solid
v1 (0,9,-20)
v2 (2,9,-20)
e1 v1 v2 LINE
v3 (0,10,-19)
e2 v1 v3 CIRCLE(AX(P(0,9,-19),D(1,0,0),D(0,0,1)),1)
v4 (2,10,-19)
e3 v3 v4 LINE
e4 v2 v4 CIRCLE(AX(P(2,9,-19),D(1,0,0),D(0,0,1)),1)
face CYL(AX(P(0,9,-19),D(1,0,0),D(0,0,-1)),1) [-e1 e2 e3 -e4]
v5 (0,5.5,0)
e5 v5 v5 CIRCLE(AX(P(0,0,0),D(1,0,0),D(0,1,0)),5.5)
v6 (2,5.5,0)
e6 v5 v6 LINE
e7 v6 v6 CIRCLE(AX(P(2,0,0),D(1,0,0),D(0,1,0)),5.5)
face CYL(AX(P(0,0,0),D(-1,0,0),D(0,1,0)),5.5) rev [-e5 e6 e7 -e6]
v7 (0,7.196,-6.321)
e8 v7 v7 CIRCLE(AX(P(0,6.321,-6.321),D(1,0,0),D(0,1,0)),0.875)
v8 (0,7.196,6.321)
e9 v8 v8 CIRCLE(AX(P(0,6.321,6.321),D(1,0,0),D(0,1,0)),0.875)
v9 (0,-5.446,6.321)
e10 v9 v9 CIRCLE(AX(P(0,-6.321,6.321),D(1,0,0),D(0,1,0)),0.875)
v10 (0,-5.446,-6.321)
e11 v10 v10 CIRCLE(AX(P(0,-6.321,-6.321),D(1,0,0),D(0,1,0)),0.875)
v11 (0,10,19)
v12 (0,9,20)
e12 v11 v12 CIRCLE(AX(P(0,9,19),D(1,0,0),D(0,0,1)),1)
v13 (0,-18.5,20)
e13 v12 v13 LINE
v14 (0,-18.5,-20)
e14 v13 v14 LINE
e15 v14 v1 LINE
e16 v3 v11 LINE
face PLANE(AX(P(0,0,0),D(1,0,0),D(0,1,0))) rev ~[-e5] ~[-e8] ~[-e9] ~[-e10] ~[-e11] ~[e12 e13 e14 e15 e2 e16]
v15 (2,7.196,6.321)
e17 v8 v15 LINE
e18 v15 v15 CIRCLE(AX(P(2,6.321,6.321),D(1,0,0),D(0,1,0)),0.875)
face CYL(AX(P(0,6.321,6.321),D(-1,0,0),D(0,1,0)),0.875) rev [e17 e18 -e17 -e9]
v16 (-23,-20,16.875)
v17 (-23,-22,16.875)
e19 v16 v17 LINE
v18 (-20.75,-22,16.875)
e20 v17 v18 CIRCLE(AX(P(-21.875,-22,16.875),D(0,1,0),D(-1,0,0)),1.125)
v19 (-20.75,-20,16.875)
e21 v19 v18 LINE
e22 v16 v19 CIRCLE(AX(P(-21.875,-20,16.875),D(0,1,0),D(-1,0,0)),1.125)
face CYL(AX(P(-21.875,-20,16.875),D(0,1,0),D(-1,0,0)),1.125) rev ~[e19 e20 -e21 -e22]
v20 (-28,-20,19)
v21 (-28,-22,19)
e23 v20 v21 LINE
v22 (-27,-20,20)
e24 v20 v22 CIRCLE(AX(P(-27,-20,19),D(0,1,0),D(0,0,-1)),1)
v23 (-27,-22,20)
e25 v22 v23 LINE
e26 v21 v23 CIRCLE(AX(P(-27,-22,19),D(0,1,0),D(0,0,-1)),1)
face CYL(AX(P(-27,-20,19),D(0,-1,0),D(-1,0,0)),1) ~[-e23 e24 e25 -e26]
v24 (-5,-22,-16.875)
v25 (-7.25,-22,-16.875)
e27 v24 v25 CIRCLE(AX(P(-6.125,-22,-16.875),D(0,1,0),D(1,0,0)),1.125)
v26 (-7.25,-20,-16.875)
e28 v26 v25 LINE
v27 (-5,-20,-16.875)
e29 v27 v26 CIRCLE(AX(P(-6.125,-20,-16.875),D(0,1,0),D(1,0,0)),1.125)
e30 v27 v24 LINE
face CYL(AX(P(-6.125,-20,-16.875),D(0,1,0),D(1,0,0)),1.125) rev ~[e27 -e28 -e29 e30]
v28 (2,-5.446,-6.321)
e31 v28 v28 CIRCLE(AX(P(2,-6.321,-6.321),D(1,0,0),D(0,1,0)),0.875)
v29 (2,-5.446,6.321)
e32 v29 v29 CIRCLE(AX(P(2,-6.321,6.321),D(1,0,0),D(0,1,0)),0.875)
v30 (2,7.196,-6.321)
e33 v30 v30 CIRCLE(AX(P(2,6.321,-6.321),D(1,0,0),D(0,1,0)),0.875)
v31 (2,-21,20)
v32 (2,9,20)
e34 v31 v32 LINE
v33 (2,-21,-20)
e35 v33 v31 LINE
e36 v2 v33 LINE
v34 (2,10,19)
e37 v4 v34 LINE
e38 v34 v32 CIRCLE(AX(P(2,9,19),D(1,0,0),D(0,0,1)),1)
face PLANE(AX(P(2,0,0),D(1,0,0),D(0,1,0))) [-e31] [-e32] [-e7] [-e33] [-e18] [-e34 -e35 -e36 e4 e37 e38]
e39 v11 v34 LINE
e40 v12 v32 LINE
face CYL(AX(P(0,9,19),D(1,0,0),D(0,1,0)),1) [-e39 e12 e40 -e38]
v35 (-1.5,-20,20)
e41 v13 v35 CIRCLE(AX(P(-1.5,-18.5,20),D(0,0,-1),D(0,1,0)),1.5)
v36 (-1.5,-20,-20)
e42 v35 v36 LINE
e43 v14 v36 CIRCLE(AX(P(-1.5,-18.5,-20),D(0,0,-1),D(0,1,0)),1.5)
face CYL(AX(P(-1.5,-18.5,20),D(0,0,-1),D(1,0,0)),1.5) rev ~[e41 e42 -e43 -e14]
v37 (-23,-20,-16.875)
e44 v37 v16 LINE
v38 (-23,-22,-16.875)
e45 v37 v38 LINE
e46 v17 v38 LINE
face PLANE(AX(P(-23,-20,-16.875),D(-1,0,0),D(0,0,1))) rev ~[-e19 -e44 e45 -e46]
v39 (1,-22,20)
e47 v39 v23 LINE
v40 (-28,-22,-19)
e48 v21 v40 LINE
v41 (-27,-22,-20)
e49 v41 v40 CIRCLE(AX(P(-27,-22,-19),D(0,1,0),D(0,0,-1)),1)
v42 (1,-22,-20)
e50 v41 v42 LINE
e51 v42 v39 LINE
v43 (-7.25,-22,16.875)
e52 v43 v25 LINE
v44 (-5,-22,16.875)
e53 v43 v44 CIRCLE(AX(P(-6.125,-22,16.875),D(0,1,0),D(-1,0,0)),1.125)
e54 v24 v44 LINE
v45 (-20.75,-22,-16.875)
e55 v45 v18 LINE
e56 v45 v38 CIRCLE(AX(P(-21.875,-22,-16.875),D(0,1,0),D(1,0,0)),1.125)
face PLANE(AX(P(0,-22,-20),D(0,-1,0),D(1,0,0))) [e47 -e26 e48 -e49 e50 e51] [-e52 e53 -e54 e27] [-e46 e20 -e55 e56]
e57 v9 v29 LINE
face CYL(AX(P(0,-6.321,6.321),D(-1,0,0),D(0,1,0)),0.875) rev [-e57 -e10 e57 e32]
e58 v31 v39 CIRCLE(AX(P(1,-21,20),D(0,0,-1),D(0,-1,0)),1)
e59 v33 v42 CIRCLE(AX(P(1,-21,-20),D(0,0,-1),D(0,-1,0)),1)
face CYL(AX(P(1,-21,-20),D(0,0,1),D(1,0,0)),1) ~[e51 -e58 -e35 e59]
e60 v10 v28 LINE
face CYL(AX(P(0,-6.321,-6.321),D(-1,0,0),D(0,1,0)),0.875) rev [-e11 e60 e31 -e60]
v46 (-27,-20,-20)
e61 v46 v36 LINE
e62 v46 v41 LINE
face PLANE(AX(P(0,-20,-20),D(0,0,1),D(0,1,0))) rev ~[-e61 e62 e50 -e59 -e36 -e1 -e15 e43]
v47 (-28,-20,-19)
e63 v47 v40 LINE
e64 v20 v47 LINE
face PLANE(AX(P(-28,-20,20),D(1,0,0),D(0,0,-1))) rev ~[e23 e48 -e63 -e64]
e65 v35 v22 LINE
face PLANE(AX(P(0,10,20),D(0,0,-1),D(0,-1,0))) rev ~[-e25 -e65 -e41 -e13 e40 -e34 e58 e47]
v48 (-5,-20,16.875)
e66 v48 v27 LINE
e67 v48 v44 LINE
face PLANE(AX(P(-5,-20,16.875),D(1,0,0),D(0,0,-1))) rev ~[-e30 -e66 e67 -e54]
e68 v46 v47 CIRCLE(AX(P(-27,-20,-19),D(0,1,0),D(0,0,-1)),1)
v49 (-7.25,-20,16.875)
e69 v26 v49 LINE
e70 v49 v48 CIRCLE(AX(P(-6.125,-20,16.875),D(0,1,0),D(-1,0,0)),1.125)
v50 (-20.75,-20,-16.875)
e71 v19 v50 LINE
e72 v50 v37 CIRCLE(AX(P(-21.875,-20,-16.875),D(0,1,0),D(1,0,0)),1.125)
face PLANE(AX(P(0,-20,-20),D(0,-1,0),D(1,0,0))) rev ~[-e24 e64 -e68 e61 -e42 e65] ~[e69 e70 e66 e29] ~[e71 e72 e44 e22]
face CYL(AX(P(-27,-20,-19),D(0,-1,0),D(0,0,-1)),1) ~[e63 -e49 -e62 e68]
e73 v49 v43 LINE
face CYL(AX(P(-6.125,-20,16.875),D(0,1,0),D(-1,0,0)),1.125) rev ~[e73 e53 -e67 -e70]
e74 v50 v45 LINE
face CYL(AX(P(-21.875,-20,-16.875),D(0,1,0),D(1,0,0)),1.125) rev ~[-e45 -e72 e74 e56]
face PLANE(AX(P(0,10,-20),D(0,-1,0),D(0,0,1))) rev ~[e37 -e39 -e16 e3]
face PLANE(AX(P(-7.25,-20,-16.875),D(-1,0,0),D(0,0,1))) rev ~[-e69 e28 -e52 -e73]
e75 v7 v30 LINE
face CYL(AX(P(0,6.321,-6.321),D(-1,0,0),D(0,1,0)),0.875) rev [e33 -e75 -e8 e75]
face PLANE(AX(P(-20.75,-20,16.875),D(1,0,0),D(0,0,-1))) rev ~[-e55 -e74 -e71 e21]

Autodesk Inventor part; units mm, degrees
ref_plane "YZ Plane" through (0, 0, 0) normal (1, 0, 0) x (0, 1, 0)
ref_plane "XZ Plane" through (0, 0, 0) normal (0, 1, 0) x (-1, 0, 0)
ref_plane "XY Plane" through (0, 0, 0) normal (0, 0, 1) x (1, 0, 0)
sketch "Boceto1" plane through (0, 0, 0) normal (1, 0, 0) x (0, 1, 0)
  line L0 (-6.321, 6.321) -> (6.321, 6.321) construction
  line L1 (6.321, 6.321) -> (6.321, -6.321) construction
  line L2 (6.321, -6.321) -> (-6.321, -6.321) construction
  line L3 (-6.321, -6.321) -> (-6.321, 6.321) construction
  line L4 (-6.321, 6.321) -> (6.321, -6.321) construction
  line L5 (6.321, 6.321) -> (-6.321, -6.321) construction
  circle A0 centre (6.321, -6.321) radius 0.875
  line L6 (0, 0) -> (7.9878, 0) construction
  circle A1 centre (6.321, 6.321) radius 0.875
  line L7 (0, 0) -> (0, -13.4562) construction
  circle A2 centre (-6.321, -6.321) radius 0.875
  circle A3 centre (-6.321, 6.321) radius 0.875
  circle A4 centre (0, 0) radius 5.5
  line L8 (10, 20) -> (-20, 20)
  line L9 (-20, 20) -> (-20, -20)
  line L10 (-20, -20) -> (10, -20)
  line L11 (10, -20) -> (10, 20)
  dimension "d0" = 12.642
  dimension "d1" = 12.642
  dimension "d2" = 1.75
  dimension "d3" = 11
  dimension "d4" = 30
  dimension "d6" = 20
  dimension "d7" = 10
  dimension "d26" = 20
extrude "Extrusión1" add sketch "Boceto1" along normal blind 2
sketch "Boceto2" plane through (0, -20, -20) normal (0, -1, 0) x (1, 0, 0)
  line L0 (2, 0) -> (2, 40) projected
  line L1 (2, 40) -> (-28, 40)
  line L2 (-28, 40) -> (-28, 0)
  line L3 (-28, 0) -> (2, 0)
  line L4 (2, 0) -> (2, 40)
  point P0 (0, 20)
  point P1 (2, 0)
  dimension "d10" = 30
  dimension "d11" = 40
extrude "Extrusión2" add sketch "Boceto2" along normal blind 2
sketch "Boceto3" plane through (0, -20, -20) normal (0, 1, 0) x (1, 0, 0)
  line L0 (0, -40) -> (0, 0) projected
  line L1 (-28, 0) -> (0, 0) projected
  line L2 (-28, -40) -> (-28, 0) projected
  line L3 (0, -40) -> (-28, -40) projected
  line L4 (-6.125, -3.125) -> (-6.125, -36.875) construction
  line L5 (-7.25, -3.125) -> (-7.25, -36.875)
  line L6 (-5, -36.875) -> (-5, -3.125)
  arc A0 (-5, -3.125) -> (-7.25, -3.125) centre (-6.125, -3.125) ccw
  arc A1 (-7.25, -36.875) -> (-5, -36.875) centre (-6.125, -36.875) ccw
  line L7 (-21.875, -3.125) -> (-21.875, -36.875) construction
  line L8 (-23, -3.125) -> (-23, -36.875)
  line L9 (-20.75, -36.875) -> (-20.75, -3.125)
  arc A2 (-20.75, -3.125) -> (-23, -3.125) centre (-21.875, -3.125) ccw
  arc A3 (-23, -36.875) -> (-20.75, -36.875) centre (-21.875, -36.875) ccw
  point P0 (0, -20)
  point P1 (-6.125, -20)
  point P2 (-21.875, -20)
  point P3 (-21.875, -38)
  point P4 (-21.875, -2)
  point P5 (-6.125, -38)
  point P6 (-6.125, -2)
  dimension "d14" = 2.25
  dimension "d15" = 2.25
  dimension "d16" = 5
  dimension "d17" = 2
  dimension "d18" = 2
  dimension "d19" = 2
  dimension "d20" = 2
  dimension "d21" = 5
extrude "Extrusión3" cut sketch "Boceto3" against normal through all contours A0 L6 A1 L5 | A2 L9 A3 L8
fillet "Empalme1" radius 1.5 1 edges at (0, -20, 0)
fillet "Empalme2" radius 1 5 edges at (1, 10, 20) (1, 10, -20) (-28, -21, 20) (-28, -21, -20) (2, -22, 0)
properties part number "BRACKET__MOTOR"
